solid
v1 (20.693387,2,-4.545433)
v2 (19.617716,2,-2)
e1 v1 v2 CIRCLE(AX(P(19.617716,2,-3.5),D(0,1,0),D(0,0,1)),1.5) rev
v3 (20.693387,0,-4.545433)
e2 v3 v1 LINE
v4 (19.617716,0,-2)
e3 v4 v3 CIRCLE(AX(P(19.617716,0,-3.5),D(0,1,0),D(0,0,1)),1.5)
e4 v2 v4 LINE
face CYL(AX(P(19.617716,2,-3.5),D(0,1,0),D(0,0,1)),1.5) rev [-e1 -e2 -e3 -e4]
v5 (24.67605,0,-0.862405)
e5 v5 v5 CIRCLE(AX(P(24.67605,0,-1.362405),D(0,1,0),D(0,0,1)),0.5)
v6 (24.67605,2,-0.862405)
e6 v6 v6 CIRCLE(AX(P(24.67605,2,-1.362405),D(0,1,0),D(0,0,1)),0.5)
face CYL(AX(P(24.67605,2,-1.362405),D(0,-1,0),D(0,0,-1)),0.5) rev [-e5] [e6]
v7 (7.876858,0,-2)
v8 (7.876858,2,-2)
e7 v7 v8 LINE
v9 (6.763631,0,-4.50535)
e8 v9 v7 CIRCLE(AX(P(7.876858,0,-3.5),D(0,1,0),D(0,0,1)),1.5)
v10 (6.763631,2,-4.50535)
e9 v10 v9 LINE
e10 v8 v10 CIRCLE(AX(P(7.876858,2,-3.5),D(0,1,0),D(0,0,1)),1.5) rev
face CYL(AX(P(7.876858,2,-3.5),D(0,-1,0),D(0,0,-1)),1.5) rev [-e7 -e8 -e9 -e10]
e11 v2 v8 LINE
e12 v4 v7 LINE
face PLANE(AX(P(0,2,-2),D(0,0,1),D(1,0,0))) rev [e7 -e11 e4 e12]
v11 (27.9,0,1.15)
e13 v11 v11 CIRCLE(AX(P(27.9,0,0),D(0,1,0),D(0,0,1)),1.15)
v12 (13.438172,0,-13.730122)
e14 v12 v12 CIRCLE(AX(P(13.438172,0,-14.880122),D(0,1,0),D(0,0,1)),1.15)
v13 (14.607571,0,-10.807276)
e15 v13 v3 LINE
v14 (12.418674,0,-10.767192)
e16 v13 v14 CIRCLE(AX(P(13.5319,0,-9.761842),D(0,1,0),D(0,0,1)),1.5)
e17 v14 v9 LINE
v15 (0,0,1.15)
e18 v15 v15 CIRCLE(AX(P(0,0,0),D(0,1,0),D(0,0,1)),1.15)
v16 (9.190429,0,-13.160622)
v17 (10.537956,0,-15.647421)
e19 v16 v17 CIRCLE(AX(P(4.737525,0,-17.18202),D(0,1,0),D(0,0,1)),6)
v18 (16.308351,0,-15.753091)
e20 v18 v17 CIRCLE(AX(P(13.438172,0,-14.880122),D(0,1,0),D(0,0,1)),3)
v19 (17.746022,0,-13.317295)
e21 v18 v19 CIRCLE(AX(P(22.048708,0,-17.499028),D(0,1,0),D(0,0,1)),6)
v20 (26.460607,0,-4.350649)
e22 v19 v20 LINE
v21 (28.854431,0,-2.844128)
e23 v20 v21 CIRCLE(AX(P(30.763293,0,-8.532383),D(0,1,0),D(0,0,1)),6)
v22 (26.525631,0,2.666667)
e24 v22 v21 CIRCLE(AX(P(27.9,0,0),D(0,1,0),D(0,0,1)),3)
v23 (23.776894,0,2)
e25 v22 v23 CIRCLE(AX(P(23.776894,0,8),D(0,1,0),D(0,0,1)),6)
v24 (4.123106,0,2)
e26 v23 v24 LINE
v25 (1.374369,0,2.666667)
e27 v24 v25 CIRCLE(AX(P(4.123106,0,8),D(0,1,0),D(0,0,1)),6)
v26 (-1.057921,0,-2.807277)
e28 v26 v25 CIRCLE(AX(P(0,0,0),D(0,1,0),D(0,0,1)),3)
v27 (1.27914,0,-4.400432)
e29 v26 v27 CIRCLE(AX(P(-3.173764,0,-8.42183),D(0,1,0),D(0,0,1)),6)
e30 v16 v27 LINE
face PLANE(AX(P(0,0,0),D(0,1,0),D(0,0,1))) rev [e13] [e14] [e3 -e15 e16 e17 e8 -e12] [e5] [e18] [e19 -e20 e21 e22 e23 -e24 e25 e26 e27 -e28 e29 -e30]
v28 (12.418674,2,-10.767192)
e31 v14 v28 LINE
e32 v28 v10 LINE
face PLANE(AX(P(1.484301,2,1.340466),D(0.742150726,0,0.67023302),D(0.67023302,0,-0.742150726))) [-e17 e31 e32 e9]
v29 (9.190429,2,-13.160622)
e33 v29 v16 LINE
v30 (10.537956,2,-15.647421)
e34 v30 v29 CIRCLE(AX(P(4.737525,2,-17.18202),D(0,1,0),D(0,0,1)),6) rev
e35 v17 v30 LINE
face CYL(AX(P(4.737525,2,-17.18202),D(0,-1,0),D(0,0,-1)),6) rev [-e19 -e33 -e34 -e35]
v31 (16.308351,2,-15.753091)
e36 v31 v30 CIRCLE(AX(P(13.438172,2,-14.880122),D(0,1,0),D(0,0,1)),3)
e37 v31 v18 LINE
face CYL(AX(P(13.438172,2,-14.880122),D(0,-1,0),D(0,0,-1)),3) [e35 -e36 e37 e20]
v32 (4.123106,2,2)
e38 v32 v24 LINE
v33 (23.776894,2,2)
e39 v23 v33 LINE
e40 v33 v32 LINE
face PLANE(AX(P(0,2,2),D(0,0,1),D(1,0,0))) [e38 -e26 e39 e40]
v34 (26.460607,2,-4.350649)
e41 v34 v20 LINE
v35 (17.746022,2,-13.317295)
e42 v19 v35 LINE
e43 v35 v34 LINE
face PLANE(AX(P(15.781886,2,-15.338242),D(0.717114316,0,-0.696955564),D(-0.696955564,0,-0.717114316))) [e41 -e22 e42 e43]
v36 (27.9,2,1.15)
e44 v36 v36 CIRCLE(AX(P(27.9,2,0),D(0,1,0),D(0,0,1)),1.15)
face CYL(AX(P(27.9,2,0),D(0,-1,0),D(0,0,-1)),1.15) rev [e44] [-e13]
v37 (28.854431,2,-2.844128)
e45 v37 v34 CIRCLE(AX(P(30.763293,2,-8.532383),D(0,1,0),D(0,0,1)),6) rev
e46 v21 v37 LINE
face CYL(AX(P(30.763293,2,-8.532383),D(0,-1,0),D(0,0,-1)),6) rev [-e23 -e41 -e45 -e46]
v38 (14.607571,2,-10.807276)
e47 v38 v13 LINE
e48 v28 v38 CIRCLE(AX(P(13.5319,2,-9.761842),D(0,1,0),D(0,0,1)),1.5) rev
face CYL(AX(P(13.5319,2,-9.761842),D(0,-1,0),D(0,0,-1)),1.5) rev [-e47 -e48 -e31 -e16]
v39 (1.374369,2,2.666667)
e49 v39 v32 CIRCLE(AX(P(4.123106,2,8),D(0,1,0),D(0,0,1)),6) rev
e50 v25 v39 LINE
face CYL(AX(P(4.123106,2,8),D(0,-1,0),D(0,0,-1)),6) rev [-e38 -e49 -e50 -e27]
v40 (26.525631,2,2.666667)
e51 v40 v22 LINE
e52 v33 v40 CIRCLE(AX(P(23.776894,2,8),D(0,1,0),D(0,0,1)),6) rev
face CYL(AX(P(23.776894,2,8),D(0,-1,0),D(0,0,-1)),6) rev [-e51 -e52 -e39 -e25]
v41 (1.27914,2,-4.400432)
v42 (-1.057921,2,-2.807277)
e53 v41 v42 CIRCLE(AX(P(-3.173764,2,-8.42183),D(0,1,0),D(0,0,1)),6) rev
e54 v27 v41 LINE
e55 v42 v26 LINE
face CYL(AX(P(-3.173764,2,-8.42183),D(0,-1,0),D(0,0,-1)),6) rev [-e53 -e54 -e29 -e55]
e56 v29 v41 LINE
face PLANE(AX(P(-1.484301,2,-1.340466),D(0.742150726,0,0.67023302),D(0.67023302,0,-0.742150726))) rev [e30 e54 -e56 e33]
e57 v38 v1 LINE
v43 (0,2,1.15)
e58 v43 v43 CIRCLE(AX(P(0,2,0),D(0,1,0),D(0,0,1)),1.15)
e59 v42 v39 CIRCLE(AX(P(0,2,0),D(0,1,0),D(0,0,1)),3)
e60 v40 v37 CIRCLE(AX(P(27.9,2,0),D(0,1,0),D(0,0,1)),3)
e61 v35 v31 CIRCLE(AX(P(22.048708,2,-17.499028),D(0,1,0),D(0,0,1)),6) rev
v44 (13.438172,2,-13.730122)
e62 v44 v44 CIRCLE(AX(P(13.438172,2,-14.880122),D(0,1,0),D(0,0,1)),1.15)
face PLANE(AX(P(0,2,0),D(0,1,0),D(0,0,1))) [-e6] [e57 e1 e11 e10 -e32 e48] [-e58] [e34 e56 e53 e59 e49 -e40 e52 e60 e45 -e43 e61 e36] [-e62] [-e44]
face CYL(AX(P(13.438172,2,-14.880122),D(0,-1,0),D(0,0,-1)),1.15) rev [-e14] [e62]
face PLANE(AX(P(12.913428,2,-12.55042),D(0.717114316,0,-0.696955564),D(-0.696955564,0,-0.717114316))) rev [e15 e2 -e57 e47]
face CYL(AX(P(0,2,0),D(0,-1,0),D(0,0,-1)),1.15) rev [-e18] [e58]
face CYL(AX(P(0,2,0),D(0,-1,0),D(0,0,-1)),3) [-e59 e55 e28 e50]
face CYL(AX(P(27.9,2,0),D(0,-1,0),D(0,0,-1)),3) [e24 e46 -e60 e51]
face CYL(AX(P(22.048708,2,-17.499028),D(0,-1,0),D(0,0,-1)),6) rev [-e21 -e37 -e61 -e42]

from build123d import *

# Parameters (mm, degrees)
SKETCH_1_R      = 1.15
SKETCH_1_R_2    = 0.5
EXTRUDE_1_DEPTH = 2
FILLET_1_R      = 6
FILLET_2_R      = 1.5


with BuildPart() as part:
    # Эскиз1 → Бобышка-Вытянуть1 (new body)
    with BuildSketch(Plane(origin=(0, 0, 0), x_dir=(1, 0, 0), z_dir=(0, 1, 0))):
        with BuildLine():
            Line((25.663932023, -2), (2.236067977, -2))
            ThreePointArc((2.236067977, -2), (-2.74154128, -1.218175444), (0.014385141, 2.999965511))
            Line((0.014385141, 2.999965511), (10.455183999, 14.561088615))
            ThreePointArc((10.455183999, 14.561088615), (13.383244259, 17.879619162), (16.430840693, 14.670516819))
            Line((16.430840693, 14.670516819), (27.775788612, 2.997427486))
            ThreePointArc((27.775788612, 2.997427486), (30.663385612, -1.167775647), (25.663932023, -2))
        make_face()
        with Locations(Location((0, 0, 0), (0, 0, 270))):
            Circle(SKETCH_1_R, mode=Mode.SUBTRACT)
        with Locations(Location((27.9, 0, 0), (0, 0, 270))):
            Circle(SKETCH_1_R, mode=Mode.SUBTRACT)
        with Locations(Location((13.438172043, 14.880122047, 0), (0, 0, 270))):
            Circle(SKETCH_1_R, mode=Mode.SUBTRACT)
        with Locations(Location((24.67605012, 1.362404921, 0), (0, 0, 270))):
            Circle(SKETCH_1_R_2, mode=Mode.SUBTRACT)
        Polygon((13.491730689, 11.955390865), (4.501061475, 2), (23.167266244, 2), align=None, mode=Mode.SUBTRACT)
    extrude(amount=EXTRUDE_1_DEPTH)

    # Скругление1
    fillet_1_edges = [part.edges().sort_by_distance(p)[0] for p in [
        (10.455183999, 1, -14.561088615),
        (16.430840693, 1, -14.670516819),
        (27.775788612, 1, -2.997427486),
        (25.663932023, 1, 2),
        (2.236067977, 1, 2),
        (0.014385141, 1, -2.999965511),
    ]]
    fillet(fillet_1_edges, radius=FILLET_1_R)

    # Скругление2
    fillet_2_edges = [part.edges().sort_by_distance(p)[0] for p in [
        (4.501061475, 1, -2),
        (23.167266244, 1, -2),
        (13.491730689, 1, -11.955390865),
    ]]
    fillet(fillet_2_edges, radius=FILLET_2_R)


solid = part.part
